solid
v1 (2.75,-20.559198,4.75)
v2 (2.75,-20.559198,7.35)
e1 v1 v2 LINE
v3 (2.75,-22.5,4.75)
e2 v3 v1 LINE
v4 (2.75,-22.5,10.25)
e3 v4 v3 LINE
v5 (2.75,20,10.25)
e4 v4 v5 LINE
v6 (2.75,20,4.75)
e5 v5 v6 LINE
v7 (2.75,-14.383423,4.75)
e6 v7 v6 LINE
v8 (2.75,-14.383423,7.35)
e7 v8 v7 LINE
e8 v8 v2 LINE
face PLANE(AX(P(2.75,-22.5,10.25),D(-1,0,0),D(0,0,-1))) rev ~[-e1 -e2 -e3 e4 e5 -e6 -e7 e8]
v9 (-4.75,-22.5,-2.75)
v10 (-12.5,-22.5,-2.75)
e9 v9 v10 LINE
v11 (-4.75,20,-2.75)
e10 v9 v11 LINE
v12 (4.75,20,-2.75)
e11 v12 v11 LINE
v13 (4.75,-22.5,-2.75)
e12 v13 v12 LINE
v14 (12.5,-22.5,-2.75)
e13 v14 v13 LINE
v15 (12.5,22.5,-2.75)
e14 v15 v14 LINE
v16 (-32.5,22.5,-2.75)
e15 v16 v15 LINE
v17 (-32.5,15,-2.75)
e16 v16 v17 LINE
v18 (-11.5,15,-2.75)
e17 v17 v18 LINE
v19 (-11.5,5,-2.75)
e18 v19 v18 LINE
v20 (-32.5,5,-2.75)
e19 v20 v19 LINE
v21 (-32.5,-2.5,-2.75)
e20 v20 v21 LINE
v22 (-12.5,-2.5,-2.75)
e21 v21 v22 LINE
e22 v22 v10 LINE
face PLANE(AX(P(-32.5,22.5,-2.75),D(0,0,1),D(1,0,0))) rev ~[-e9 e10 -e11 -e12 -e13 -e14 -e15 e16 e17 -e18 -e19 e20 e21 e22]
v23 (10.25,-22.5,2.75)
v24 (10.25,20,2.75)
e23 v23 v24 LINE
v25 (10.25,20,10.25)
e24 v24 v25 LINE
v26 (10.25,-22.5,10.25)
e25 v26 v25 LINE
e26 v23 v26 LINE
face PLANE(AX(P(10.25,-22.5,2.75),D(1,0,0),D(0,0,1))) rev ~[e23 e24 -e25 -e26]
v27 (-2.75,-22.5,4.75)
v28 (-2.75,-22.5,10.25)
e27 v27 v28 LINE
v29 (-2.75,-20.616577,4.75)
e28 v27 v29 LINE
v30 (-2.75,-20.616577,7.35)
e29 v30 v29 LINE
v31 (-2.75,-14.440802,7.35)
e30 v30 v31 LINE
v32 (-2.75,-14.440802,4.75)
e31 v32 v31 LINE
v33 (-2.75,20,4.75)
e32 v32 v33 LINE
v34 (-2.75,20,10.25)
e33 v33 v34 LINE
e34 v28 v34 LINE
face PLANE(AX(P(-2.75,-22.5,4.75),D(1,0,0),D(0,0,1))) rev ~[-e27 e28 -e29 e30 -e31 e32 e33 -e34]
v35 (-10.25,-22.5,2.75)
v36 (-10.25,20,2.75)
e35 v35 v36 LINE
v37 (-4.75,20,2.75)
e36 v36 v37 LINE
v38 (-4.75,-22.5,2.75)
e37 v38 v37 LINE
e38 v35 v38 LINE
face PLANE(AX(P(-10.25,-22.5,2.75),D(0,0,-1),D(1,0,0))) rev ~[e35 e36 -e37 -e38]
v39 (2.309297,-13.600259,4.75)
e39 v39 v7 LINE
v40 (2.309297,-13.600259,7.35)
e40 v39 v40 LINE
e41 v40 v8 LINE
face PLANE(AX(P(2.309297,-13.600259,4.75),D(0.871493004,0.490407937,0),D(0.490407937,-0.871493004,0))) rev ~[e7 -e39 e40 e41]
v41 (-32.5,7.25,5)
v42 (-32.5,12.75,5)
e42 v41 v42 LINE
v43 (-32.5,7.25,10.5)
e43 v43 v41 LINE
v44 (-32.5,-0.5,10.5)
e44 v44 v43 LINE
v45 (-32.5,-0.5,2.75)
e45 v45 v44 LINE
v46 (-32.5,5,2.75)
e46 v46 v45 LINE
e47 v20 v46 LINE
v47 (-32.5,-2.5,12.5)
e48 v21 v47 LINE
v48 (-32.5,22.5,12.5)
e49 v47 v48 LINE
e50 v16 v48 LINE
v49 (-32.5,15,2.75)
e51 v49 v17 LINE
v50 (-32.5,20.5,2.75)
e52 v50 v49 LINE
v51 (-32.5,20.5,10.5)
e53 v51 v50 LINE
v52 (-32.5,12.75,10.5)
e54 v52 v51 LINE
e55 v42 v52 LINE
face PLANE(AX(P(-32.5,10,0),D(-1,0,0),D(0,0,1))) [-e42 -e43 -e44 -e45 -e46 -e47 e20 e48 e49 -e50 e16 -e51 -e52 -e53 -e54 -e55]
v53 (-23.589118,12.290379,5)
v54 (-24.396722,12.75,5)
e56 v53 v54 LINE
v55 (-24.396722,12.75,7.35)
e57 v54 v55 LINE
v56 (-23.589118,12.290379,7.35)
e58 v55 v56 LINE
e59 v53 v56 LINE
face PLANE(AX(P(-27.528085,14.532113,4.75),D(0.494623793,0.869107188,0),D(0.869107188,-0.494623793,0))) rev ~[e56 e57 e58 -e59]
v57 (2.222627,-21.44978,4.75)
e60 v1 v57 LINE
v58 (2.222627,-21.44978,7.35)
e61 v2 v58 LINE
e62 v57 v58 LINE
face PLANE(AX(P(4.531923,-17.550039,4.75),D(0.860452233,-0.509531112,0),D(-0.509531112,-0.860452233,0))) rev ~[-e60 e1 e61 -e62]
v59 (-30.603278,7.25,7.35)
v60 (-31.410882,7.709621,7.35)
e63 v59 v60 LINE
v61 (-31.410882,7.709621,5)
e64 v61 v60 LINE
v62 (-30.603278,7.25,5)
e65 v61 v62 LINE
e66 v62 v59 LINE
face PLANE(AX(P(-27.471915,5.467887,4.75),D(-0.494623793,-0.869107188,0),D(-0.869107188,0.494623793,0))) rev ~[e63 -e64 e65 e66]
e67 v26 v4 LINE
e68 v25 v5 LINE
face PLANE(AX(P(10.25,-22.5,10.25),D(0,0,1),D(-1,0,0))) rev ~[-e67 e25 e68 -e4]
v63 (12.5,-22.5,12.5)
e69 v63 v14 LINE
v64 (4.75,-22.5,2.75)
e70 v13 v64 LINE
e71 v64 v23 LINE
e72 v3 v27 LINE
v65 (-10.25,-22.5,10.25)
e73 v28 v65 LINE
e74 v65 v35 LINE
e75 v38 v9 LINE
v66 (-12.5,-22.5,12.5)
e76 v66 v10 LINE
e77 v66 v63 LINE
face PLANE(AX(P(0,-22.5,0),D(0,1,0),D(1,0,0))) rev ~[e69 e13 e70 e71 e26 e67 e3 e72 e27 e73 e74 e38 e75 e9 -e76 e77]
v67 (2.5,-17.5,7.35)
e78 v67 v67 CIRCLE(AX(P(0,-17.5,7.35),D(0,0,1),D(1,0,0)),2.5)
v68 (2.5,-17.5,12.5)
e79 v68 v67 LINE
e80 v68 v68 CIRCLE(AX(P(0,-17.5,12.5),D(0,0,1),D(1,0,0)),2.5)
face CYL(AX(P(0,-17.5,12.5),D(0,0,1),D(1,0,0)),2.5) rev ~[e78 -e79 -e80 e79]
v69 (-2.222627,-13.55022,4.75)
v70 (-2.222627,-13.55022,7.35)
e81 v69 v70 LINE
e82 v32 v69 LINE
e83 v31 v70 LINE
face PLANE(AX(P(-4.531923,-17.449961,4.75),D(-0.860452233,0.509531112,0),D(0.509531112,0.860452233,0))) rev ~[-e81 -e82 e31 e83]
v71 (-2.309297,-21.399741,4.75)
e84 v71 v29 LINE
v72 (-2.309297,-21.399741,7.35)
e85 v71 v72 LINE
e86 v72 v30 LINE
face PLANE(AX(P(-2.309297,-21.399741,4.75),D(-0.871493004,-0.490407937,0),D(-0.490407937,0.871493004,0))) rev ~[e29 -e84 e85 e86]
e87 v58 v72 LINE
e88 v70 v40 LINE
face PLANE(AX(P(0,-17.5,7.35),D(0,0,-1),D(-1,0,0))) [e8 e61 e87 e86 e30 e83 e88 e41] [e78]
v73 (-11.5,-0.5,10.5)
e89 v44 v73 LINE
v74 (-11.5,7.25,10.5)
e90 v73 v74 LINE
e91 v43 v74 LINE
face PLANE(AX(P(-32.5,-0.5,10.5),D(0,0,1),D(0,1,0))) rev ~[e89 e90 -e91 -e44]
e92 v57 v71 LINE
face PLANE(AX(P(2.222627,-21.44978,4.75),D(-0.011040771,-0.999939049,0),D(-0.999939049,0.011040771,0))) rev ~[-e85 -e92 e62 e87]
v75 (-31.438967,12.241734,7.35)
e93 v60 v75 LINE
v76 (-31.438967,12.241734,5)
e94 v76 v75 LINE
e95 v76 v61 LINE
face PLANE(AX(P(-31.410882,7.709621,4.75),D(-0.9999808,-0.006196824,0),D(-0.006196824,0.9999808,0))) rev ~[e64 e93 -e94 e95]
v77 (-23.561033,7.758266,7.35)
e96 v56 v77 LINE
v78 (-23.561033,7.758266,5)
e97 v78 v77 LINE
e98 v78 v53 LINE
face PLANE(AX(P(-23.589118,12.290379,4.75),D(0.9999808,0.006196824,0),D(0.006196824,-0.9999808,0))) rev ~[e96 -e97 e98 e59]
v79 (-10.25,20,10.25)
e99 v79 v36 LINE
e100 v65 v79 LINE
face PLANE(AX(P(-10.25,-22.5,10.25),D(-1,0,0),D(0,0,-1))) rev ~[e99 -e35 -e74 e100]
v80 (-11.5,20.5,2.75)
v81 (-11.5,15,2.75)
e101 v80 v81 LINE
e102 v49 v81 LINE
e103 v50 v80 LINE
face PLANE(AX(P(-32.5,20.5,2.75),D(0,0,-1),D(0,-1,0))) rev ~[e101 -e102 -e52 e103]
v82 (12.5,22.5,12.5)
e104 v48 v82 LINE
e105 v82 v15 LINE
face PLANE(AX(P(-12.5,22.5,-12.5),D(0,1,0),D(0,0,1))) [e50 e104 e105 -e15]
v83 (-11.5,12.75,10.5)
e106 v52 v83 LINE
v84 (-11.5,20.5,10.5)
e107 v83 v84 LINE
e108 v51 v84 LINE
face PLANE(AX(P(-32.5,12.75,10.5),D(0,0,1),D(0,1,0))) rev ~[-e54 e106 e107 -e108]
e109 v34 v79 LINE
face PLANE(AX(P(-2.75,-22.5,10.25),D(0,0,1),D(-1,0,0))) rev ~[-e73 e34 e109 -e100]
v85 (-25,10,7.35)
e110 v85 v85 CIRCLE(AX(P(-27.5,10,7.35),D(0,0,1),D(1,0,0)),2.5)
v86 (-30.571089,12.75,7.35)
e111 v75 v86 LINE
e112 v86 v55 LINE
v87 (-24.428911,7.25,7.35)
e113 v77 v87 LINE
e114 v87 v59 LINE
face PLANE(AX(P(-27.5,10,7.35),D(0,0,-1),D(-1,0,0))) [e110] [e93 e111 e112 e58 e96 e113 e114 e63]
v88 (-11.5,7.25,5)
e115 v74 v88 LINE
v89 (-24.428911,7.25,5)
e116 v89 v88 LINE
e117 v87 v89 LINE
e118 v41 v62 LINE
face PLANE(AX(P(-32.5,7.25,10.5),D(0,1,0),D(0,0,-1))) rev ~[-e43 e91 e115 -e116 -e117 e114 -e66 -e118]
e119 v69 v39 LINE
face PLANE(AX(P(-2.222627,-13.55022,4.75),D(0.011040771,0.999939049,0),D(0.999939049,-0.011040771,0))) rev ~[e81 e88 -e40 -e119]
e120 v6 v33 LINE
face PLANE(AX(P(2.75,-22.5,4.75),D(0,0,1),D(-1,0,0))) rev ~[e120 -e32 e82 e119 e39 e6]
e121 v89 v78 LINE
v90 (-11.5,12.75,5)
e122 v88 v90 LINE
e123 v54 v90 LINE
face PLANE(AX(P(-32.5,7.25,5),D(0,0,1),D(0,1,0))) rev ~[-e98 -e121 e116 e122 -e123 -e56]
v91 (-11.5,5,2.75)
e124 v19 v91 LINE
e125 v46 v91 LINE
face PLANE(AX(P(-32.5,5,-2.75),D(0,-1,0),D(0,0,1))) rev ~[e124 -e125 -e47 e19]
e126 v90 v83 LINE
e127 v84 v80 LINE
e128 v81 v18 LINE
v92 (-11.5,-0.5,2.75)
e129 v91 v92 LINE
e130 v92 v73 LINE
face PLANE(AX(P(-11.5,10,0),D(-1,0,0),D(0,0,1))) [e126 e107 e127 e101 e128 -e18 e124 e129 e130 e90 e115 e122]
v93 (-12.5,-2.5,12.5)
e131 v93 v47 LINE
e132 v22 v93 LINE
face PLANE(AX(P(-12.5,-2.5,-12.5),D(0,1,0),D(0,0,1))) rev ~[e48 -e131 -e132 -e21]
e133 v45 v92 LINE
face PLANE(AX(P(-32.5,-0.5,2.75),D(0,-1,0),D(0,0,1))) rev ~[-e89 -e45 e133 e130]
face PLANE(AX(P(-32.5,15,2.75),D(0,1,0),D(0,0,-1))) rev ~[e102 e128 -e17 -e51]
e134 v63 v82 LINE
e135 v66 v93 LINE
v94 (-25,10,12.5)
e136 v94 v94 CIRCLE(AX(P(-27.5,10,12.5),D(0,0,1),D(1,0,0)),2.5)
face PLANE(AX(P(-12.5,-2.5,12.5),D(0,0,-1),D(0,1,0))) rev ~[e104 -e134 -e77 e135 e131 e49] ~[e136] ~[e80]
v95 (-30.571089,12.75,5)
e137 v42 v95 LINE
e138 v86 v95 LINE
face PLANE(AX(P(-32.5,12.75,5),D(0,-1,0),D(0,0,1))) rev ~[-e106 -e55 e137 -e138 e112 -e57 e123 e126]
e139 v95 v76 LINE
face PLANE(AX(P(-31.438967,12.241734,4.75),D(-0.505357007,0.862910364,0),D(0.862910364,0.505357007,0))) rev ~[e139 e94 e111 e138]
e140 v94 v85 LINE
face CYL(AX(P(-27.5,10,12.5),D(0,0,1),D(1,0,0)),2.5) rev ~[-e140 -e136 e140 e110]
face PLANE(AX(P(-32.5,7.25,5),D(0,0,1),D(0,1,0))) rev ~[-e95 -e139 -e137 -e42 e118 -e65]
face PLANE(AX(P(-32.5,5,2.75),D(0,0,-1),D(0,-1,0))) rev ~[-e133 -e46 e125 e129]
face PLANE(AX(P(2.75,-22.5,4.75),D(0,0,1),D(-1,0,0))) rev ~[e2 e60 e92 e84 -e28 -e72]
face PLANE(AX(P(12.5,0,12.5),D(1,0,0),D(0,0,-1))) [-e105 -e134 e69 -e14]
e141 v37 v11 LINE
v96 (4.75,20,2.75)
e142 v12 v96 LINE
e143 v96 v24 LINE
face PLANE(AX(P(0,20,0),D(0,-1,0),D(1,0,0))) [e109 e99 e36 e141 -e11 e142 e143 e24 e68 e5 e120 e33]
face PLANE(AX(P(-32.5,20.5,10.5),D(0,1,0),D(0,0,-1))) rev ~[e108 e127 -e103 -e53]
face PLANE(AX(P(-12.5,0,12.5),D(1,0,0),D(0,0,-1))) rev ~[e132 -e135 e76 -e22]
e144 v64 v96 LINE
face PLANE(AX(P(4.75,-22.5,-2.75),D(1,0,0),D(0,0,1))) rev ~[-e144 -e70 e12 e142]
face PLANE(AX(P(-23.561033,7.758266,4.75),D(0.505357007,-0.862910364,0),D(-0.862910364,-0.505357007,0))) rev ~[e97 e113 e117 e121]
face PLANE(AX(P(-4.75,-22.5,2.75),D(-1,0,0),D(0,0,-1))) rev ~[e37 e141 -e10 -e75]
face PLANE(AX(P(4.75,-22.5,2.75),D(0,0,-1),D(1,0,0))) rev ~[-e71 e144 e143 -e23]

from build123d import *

# Parameters (mm, degrees)
SKETCH1_W           = 25
SKETCH1_H           = 25
BOSS_EXTRUDE1_DEPTH = 22.5
SKETCH4_W           = 25
SKETCH4_H           = 25
BOSS_EXTRUDE2_DEPTH = 20
CUT_EXTRUDE2_DEPTH  = 42.5
CUT_EXTRUDE3_DEPTH  = 21
SKETCH6_R           = 2.25
CUT_EXTRUDE4_DEPTH  = 10
SKETCH8_W           = 45
SKETCH8_H           = 9.75
CUT_EXTRUDE5_DEPTH  = 50
SKETCH10_R          = 2.5
CUT_EXTRUDE7_DEPTH  = 10
CUT_EXTRUDE8_DEPTH  = 2.6


with BuildPart() as part:
    # Sketch1 → Boss-Extrude1 (new, symmetric)
    with BuildSketch(Plane(origin=(0, 0, 0), x_dir=(1, 0, 0), z_dir=(0, 1, 0))):
        Rectangle(SKETCH1_W, SKETCH1_H)
    extrude(amount=BOSS_EXTRUDE1_DEPTH, both=True)

    # Sketch4 → Boss-Extrude2 (add)
    with BuildSketch(Plane.ZY.offset(12.5)):
        with Locations((0, 10)):
            Rectangle(SKETCH4_W, SKETCH4_H)
    extrude(amount=BOSS_EXTRUDE2_DEPTH)

    # Sketch3 → Cut-Extrude2 (cut)
    with BuildSketch(Plane.XZ.offset(22.5)):
        Polygon((-2.75, 4.75), (-2.75, 10.25), (-10.25, 10.25), (-10.25, 2.75), (-4.75, 2.75), (-4.75, -2.75), (-10.25, -2.75), (-10.25, -10.25), (-2.75, -10.25), (-2.75, -4.75), (2.75, -4.75), (2.75, -10.25), (10.25, -10.25), (10.25, -2.75), (4.75, -2.75), (4.75, 2.75), (10.25, 2.75), (10.25, 10.25), (2.75, 10.25), (2.75, 4.75), align=None)
    extrude(amount=-CUT_EXTRUDE2_DEPTH, mode=Mode.SUBTRACT)

    # Sketch5 → Cut-Extrude3 (cut)
    with BuildSketch(Plane.ZY.offset(32.5)):
        Polygon((-10.5, 7.25), (-10.5, -0.5), (-2.75, -0.5), (-2.75, 5), (2.75, 5), (2.75, -0.5), (10.5, -0.5), (10.5, 7.25), (5, 7.25), (5, 12.75), (10.5, 12.75), (10.5, 20.5), (2.75, 20.5), (2.75, 15), (-2.75, 15), (-2.75, 20.5), (-10.5, 20.5), (-10.5, 12.75), (-5, 12.75), (-5, 7.25), align=None)
    extrude(amount=-CUT_EXTRUDE3_DEPTH, mode=Mode.SUBTRACT)

    # Sketch6 → Cut-Extrude4 (cut)
    with BuildSketch(Plane(origin=(0, 0, -12.5), x_dir=(-1, 0, 0), z_dir=(0, 0, -1))):
        with Locations((0, -12.5)):
            Circle(SKETCH6_R)
        with Locations((22.5, 10)):
            Circle(SKETCH6_R)
    extrude(amount=-CUT_EXTRUDE4_DEPTH, mode=Mode.SUBTRACT)

    # Sketch8 → Cut-Extrude5 (cut)
    with BuildSketch(Plane(origin=(0, 22.5, 0), x_dir=(1, 0, 0), z_dir=(0, 1, 0))):
        with Locations((-10, 7.625)):
            Rectangle(SKETCH8_W, SKETCH8_H)
    extrude(amount=-CUT_EXTRUDE5_DEPTH, mode=Mode.SUBTRACT)

    # Sketch10 → Cut-Extrude7 (cut)
    with BuildSketch(Plane.XY.offset(12.5)):
        with Locations((-27.5, 10)):
            Circle(SKETCH10_R)
        with Locations((0, -17.5)):
            Circle(SKETCH10_R)
    extrude(amount=-CUT_EXTRUDE7_DEPTH, mode=Mode.SUBTRACT)

    # Sketch11 → Cut-Extrude8 (cut)
    with BuildSketch(Plane(origin=(0, 0, 4.75), x_dir=(-1, 0, 0), z_dir=(0, 0, -1))):
        Polygon((2.222626661, -13.550219745), (-2.309296709, -13.600258721), (-4.53192337, -17.550038976), (-2.222626661, -21.449780255), (2.309296709, -21.399741279), (4.53192337, -17.449961024), align=None)
        Polygon((31.438967259, 12.241733763), (27.528085243, 14.532112593), (23.589117983, 12.29037883), (23.561032741, 7.758266237), (27.471914757, 5.467887407), (31.410882017, 7.70962117), align=None)
    extrude(amount=-CUT_EXTRUDE8_DEPTH, mode=Mode.SUBTRACT)


solid = part.part
